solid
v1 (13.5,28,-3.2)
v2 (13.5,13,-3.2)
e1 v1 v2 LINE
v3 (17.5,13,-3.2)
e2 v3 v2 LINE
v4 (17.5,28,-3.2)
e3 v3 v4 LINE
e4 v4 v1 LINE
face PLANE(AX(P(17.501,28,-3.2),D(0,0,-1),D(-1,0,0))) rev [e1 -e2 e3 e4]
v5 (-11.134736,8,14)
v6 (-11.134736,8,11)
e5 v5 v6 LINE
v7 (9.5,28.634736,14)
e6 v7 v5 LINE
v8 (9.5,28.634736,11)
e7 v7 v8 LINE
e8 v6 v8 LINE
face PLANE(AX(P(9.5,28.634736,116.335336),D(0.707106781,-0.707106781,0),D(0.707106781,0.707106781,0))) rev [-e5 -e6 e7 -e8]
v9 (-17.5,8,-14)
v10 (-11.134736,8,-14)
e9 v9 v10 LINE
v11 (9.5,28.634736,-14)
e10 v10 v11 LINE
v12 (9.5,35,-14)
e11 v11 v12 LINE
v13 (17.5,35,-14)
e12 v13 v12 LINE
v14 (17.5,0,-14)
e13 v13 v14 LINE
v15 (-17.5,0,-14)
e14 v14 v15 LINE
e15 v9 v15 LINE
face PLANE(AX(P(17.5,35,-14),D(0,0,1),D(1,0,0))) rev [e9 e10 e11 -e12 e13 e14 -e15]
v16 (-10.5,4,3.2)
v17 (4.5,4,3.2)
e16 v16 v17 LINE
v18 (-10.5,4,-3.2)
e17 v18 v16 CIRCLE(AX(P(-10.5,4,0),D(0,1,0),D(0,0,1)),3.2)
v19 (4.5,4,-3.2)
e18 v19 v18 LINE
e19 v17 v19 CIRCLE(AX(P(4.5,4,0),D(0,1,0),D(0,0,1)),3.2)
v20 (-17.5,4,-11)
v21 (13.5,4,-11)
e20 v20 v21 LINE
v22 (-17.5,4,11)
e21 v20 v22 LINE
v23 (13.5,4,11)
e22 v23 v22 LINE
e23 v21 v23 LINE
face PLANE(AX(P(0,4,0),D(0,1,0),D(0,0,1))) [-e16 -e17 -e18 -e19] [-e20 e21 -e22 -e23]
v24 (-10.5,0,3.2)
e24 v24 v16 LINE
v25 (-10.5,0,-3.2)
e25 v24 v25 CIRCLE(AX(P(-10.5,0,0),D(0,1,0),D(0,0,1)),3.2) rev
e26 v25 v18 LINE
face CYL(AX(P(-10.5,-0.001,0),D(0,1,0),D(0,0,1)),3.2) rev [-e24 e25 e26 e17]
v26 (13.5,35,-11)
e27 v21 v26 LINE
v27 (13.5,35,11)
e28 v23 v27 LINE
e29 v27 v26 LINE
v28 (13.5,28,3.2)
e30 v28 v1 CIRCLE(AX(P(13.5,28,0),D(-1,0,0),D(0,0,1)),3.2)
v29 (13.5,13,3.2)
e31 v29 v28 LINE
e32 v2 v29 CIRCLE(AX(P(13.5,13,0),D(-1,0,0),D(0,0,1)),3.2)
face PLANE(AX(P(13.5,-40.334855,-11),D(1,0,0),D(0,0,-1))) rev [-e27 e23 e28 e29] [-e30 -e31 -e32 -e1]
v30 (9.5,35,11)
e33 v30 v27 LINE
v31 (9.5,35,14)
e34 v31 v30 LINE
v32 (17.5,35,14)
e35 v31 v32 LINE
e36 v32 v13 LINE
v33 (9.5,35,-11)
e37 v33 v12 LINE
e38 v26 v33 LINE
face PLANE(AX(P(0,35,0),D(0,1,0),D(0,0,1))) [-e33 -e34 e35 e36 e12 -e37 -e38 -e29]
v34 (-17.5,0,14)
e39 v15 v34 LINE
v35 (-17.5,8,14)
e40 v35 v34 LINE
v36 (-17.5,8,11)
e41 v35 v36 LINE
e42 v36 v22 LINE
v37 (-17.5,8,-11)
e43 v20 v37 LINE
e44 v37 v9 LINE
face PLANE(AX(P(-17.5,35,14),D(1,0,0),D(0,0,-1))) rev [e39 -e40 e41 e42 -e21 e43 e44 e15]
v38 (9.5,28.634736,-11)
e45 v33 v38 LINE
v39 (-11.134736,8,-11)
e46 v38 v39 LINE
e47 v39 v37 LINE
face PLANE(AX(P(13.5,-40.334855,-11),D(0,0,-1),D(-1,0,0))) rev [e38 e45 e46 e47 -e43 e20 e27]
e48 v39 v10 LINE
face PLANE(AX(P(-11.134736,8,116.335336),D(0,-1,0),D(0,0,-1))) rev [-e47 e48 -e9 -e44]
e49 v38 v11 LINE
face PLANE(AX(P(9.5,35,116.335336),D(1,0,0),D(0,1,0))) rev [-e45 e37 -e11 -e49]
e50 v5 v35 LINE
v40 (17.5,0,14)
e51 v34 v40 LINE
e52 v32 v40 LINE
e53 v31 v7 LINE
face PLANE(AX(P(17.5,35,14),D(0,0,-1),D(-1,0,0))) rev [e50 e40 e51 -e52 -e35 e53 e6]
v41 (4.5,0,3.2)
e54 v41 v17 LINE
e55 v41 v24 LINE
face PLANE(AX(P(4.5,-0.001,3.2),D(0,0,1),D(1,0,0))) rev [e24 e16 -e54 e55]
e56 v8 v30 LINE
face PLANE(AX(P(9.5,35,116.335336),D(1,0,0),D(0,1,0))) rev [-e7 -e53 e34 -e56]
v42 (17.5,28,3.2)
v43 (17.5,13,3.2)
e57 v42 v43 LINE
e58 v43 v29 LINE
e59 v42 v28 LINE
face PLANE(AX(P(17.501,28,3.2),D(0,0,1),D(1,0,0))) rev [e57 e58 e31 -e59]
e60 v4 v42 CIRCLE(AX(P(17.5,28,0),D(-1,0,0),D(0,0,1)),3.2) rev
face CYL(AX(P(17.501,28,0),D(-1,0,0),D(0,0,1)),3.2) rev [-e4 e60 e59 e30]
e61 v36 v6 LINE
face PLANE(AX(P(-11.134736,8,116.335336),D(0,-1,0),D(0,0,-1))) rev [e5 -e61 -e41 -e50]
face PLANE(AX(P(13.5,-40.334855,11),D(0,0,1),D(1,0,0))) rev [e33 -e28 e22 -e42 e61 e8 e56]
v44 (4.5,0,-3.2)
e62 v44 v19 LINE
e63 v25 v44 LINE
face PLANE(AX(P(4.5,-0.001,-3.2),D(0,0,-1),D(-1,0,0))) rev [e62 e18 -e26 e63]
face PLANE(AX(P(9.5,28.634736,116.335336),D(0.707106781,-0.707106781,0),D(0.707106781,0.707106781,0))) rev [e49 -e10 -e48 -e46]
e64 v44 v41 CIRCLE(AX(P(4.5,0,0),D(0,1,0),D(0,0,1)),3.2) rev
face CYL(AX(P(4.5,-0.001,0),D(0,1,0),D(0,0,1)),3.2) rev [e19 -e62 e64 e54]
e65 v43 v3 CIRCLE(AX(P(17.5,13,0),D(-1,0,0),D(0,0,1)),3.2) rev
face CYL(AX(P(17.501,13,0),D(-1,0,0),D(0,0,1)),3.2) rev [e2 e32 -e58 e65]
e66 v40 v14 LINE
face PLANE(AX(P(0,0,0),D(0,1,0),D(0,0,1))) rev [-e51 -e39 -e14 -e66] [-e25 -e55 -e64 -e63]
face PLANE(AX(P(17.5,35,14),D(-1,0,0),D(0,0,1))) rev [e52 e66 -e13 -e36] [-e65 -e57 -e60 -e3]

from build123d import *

# Parameters (mm, degrees)
SKETCH1_W               = 35
SKETCH1_H               = 28
BOSS_EXTRUDE1_DEPTH     = 35
SKETCH2_W               = 33.80681128
SKETCH2_H               = 22
CUT_EXTRUDE1_DEPTH      = 31
CUT_EXTRUDE2_DEPTH      = 49.117044797
CUT_EXTRUDE2_DEPTH_BACK = 49.117044797
CUT_EXTRUDE3_REACH      = 40.252
CUT_EXTRUDE4_REACH      = 43.343


with BuildPart() as part:
    # Sketch1 → Boss-Extrude1 (new body)
    with BuildSketch(Plane(origin=(0, 0, 0), x_dir=(1, 0, 0), z_dir=(0, 1, 0))):
        Rectangle(SKETCH1_W, SKETCH1_H)
    extrude(amount=BOSS_EXTRUDE1_DEPTH)

    # Sketch2 → Cut-Extrude1 (cut)
    with BuildSketch(Plane(origin=(0, 35, 0), x_dir=(1, 0, 0), z_dir=(0, 1, 0))):
        with Locations((-3.40340564, 0)):
            Rectangle(SKETCH2_W, SKETCH2_H)
    extrude(amount=-CUT_EXTRUDE1_DEPTH, mode=Mode.SUBTRACT)

    # Sketch3 → Cut-Extrude2 (cut, two sides: drawn at the far end of the back side and taken through both)
    with BuildSketch(Plane.XY.offset(14).offset(-CUT_EXTRUDE2_DEPTH_BACK)):
        Polygon((9.5, 133.408144421), (9.5, 35), (9.5, 28.634736483), (-11.134736483, 8), (-17.5, 8), (-115.908144421, 8), (-255.07827691, 147.170132488), (-129.670132488, 272.57827691), align=None)
    extrude(amount=CUT_EXTRUDE2_DEPTH + CUT_EXTRUDE2_DEPTH_BACK, mode=Mode.SUBTRACT)

    # Sketch4 → Cut-Extrude3 (cut, up to next)
    with BuildSketch(Plane(origin=(0, 4, 0), x_dir=(1, 0, 0), z_dir=(0, 1, 0)), mode=Mode.PRIVATE) as cut_extrude3_sk1:
        with BuildLine():
            Line((4.5, -3.2), (-10.5, -3.2))
            ThreePointArc((-10.5, -3.2), (-13.7, 0), (-10.5, 3.2))
            Line((-10.5, 3.2), (4.5, 3.2))
            ThreePointArc((4.5, 3.2), (7.7, 0), (4.5, -3.2))
        make_face()
    cut_extrude3_tool1 = extrude(cut_extrude3_sk1.sketch, amount=-CUT_EXTRUDE3_REACH, mode=Mode.PRIVATE) & part.part
    add(cut_extrude3_tool1.solids().sort_by_distance((-3, 4, 0))[0], mode=Mode.SUBTRACT)

    # Sketch5 → Cut-Extrude4 (cut, up to next)
    with BuildSketch(Plane(origin=(13.5, 23.5, 0), x_dir=(0, 1, 0), z_dir=(-1, 0, 0)), mode=Mode.PRIVATE) as cut_extrude4_sk1:
        with BuildLine():
            Line((4.5, -3.2), (-10.5, -3.2))
            ThreePointArc((-10.5, -3.2), (-13.7, 0), (-10.5, 3.2))
            Line((-10.5, 3.2), (4.5, 3.2))
            ThreePointArc((4.5, 3.2), (7.7, 0), (4.5, -3.2))
        make_face()
    cut_extrude4_tool1 = extrude(cut_extrude4_sk1.sketch, amount=-CUT_EXTRUDE4_REACH, mode=Mode.PRIVATE) & part.part
    add(cut_extrude4_tool1.solids().sort_by_distance((13.5, 20.5, 0))[0], mode=Mode.SUBTRACT)


solid = part.part
